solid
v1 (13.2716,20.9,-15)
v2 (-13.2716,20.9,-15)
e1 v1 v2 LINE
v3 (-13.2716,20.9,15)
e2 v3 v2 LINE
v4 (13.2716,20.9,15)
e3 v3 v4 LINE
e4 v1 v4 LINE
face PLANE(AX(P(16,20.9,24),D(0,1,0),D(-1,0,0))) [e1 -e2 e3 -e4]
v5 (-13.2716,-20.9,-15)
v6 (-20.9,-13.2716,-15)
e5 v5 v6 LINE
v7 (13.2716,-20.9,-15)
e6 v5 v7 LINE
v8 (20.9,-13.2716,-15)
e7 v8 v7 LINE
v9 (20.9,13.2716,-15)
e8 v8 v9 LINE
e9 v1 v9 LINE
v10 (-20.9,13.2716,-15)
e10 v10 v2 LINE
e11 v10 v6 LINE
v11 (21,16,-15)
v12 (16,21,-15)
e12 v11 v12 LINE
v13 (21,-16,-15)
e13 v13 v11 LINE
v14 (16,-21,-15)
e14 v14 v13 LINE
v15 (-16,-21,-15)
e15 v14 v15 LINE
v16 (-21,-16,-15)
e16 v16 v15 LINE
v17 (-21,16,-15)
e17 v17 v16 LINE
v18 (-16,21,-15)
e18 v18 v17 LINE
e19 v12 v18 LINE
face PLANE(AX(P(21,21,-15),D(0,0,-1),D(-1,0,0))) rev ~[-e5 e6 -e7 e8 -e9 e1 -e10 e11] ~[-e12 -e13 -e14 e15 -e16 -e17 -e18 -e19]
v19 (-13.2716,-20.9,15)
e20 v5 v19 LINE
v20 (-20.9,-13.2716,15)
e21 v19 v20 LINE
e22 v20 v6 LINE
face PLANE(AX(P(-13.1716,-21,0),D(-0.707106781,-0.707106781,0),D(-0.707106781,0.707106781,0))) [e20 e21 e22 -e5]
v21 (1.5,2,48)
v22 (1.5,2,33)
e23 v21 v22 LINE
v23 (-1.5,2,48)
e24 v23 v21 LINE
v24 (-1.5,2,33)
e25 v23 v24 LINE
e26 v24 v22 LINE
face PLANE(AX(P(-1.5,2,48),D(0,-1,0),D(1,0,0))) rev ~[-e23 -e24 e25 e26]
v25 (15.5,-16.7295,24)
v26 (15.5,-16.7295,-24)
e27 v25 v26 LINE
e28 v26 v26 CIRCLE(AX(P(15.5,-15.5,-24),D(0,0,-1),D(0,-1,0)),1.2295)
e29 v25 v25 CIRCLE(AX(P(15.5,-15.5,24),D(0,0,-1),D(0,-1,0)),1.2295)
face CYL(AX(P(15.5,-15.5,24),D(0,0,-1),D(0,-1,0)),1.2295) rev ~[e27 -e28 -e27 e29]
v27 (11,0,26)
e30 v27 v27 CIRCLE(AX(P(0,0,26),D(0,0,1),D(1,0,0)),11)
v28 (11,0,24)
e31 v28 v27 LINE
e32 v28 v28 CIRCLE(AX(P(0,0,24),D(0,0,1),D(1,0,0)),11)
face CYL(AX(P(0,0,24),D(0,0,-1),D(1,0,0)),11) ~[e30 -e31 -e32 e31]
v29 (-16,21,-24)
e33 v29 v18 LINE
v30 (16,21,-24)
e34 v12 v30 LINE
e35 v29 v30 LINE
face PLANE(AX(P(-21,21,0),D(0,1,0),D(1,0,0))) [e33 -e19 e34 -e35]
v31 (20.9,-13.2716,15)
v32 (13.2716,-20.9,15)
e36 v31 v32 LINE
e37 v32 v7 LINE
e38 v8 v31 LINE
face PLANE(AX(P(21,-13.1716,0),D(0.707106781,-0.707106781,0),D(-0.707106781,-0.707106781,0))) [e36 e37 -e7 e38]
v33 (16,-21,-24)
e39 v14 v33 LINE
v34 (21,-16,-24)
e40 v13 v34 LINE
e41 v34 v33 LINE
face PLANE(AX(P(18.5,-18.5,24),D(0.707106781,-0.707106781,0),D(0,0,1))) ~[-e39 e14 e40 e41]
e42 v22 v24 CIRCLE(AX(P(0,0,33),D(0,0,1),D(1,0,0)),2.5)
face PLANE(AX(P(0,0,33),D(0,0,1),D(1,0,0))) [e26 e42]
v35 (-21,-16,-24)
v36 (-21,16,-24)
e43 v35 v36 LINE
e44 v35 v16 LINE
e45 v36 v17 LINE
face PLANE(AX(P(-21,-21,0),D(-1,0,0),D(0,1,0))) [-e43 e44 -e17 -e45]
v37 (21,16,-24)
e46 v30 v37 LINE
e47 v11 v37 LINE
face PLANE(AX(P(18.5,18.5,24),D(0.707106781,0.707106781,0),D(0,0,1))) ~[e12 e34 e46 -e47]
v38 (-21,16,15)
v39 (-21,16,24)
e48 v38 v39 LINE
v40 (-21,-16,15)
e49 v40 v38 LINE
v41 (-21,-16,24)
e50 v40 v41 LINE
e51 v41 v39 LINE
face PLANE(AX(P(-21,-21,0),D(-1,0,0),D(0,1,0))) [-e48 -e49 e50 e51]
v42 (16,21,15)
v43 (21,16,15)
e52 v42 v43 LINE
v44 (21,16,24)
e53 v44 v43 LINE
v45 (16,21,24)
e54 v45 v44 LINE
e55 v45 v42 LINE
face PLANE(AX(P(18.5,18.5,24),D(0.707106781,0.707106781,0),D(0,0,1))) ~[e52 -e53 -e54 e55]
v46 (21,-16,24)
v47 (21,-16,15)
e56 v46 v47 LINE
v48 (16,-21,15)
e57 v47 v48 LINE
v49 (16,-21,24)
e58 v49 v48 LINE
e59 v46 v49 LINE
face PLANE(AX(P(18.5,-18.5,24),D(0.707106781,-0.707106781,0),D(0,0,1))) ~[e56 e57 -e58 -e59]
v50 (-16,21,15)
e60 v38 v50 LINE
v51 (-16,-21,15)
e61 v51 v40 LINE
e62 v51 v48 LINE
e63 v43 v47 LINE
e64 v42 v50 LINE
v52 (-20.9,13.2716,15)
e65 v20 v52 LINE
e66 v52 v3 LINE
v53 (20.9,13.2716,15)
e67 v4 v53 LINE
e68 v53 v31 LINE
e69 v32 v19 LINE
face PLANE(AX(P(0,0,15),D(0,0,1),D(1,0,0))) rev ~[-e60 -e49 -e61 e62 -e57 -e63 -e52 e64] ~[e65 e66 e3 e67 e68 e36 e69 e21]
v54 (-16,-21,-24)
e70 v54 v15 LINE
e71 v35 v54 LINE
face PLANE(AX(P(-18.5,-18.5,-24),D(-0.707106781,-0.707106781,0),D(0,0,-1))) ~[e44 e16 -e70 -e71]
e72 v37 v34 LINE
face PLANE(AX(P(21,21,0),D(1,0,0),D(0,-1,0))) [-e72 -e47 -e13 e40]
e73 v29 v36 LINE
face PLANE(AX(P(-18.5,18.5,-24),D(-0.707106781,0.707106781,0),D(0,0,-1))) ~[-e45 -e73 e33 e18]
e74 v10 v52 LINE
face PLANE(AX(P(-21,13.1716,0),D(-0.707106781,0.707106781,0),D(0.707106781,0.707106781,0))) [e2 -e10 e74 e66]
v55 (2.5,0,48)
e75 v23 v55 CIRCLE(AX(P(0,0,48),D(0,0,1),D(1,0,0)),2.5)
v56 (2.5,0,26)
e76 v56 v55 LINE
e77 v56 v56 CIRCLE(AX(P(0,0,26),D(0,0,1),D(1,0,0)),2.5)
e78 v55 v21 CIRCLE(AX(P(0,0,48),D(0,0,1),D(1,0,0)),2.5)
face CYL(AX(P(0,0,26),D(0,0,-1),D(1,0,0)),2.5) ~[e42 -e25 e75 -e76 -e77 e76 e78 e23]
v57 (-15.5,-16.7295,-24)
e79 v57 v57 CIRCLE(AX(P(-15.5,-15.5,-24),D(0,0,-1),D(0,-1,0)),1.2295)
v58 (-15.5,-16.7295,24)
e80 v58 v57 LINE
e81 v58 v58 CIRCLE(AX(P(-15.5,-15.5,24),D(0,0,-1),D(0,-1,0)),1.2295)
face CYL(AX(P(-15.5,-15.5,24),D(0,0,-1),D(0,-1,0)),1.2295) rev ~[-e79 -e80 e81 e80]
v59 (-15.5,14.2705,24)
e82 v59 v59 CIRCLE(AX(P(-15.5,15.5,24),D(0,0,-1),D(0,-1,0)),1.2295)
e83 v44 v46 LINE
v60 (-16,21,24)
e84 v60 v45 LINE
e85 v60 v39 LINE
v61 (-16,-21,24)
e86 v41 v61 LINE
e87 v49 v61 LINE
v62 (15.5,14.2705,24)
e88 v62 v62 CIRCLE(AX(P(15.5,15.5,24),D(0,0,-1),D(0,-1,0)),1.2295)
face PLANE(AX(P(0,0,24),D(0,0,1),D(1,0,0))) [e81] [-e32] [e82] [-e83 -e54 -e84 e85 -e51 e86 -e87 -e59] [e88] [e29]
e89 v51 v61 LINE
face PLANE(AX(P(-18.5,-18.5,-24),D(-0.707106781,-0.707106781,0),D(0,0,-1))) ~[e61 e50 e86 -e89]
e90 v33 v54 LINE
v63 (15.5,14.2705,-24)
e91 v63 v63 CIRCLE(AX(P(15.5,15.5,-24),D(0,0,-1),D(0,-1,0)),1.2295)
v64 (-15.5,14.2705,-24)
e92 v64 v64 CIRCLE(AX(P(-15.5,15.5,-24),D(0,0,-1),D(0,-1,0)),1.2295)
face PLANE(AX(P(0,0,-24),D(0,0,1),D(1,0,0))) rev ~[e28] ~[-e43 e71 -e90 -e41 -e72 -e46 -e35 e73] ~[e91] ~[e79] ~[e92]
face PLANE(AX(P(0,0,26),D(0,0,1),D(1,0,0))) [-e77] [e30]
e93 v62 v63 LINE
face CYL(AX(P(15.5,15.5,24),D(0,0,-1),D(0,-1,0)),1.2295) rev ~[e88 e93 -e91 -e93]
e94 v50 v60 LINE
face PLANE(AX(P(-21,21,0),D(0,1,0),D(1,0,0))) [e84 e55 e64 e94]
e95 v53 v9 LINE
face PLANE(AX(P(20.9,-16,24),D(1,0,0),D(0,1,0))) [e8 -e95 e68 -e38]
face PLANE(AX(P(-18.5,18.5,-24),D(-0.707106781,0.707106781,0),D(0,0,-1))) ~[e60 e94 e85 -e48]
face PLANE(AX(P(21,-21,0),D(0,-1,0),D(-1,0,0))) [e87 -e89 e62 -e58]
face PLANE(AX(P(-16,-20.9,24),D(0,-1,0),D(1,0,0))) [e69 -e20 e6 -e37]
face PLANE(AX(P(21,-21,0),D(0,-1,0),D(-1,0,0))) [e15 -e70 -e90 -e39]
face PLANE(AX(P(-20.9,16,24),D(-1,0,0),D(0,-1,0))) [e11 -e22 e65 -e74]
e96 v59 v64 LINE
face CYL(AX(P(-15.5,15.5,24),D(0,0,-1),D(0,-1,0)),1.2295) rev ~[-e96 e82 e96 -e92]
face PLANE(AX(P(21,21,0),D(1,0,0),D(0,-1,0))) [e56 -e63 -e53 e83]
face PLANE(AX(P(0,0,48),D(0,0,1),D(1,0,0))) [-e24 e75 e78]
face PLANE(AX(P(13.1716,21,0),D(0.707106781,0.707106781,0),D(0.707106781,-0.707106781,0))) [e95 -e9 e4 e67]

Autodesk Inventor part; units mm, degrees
ref_plane "YZ Plane" through (0, 0, 0) normal (1, 0, 0) x (0, 1, 0)
ref_plane "XZ Plane" through (0, 0, 0) normal (0, 1, 0) x (-1, 0, 0)
ref_plane "XY Plane" through (0, 0, 0) normal (0, 0, 1) x (1, 0, 0)
sketch "Sketch1" plane through (0, 0, 0) normal (0, 0, 1) x (1, 0, 0)
  line L0 (-21, 21) -> (21, 21)
  line L1 (21, 21) -> (21, -21)
  line L2 (21, -21) -> (-21, -21)
  line L3 (-21, -21) -> (-21, 21)
  point P0 (0, 0)
  point P1 (0, 0)
  dimension "d0" = 42
extrude "Extrusion1" add sketch "Sketch1" along normal mid plane 48
sketch "Sketch2" plane through (0, 0, 24) normal (0, 0, 1) x (1, 0, 0)
  circle A0 centre (0, 0) radius 11
  dimension "d3" = 22
extrude "Extrusion2" add sketch "Sketch2" along normal blind 2
sketch "Sketch3" plane through (0, 0, 26) normal (0, 0, 1) x (1, 0, 0)
  circle A0 centre (0, 0) radius 11 projected
  circle A1 centre (0, 0) radius 2.5
  dimension "d7" = 5
extrude "Extrusion3" add sketch "Sketch3" along normal blind 22 contours A1
sketch "Sketch4" plane through (0, 0, 48) normal (0, 0, 1) x (1, 0, 0)
  circle A0 centre (0, 0) radius 2.5 projected
  line L0 (-1.5, 2) -> (1.5, 2)
  dimension "d11" = 2
extrude "Extrusion4" cut sketch "Sketch4" against normal blind 15 contours L0 A0 picked at (-0.3466, 2.0912)
sketch "Sketch5" plane through (0, 0, 24) normal (0, 0, 1) x (1, 0, 0)
  circle A0 centre (0, 0) radius 11 projected
  line L0 (-15.5, 15.5) -> (15.5, 15.5)
  line L1 (15.5, 15.5) -> (15.5, -15.5)
  line L2 (15.5, -15.5) -> (-15.5, -15.5)
  line L3 (-15.5, -15.5) -> (-15.5, 15.5)
  dimension "d14" = 31
hole "Hole1" at (-15.5, 15.5, 24) at (15.5, 15.5, 24) at (15.5, -15.5, 24) at (-15.5, -15.5, 24) direction (0, 0, -1) diameter 2.459 end through all thread size "M3x0.5" class "6H" standard "ANSI Metric M Profile"
chamfer "Chamfer1" distance 5 angle 45 4 edges at (21, 21, 0) (-21, 21, 0) (21, -21, 0) (-21, -21, 0)
sketch "Sketch6" plane through (0, 0, 0) normal (0, 0, 1) x (1, 0, 0)
  line L0 (-21, 16) -> (-16, 21) projected
  line L1 (-16, 21) -> (16, 21) projected
  line L2 (16, 21) -> (21, 16) projected
  line L3 (21, 16) -> (21, -16) projected
  line L4 (21, -16) -> (16, -21) projected
  line L5 (16, -21) -> (-16, -21) projected
  line L6 (-16, -21) -> (-21, -16) projected
  line L7 (-21, -16) -> (-21, 16) projected
  circle A0 centre (15.5, -15.5) radius 1.2295 projected
  circle A1 centre (-15.5, 15.5) radius 1.2295 projected
  circle A2 centre (15.5, 15.5) radius 1.2295 projected
  circle A3 centre (-15.5, -15.5) radius 1.2295 projected
  line L8 (-21, 13.1716) -> (-13.1716, 21)
  point P0 (0, 0)
  dimension "d25" = 2
extrude "Extrusion5" cut sketch "Sketch6" along normal mid plane 30 contours L0 L1 L8 L7
pattern_circular "Circular Pattern1" count 4 over 360 about axis through (0, 0, 26) along (0, 0, 1) of "Extrusion5"
sketch "Sketch7" plane through (-16, -21, 24) normal (0, -1, 0) x (1, 0, 0)
  line L0 (-5, -39) -> (-5, -9) projected
  line L1 (-5, -39) -> (2.8284, -39) projected
  line L2 (2.8284, -9) -> (2.8284, -39) projected
  line L3 (2.8284, -9) -> (-5, -9) projected
  line L4 (29.1716, -39) -> (29.1716, -9) projected
  line L5 (29.1716, -39) -> (37, -39) projected
  line L6 (37, -9) -> (37, -39) projected
  line L7 (37, -9) -> (29.1716, -9) projected
  line L8 (-5, -9) -> (37, -9)
  line L9 (37, -9) -> (37, -39)
  line L10 (37, -39) -> (-5, -39)
  line L11 (-5, -39) -> (-5, -9)
  point P0 (16, -24)
extrude "Extrusion6" cut sketch "Sketch7" against normal blind 0.1
pattern_circular "Circular Pattern2" count 4 over 360 about axis through (0, 0, 26) along (0, 0, 1) of "Extrusion6"
properties part number "stepper"
